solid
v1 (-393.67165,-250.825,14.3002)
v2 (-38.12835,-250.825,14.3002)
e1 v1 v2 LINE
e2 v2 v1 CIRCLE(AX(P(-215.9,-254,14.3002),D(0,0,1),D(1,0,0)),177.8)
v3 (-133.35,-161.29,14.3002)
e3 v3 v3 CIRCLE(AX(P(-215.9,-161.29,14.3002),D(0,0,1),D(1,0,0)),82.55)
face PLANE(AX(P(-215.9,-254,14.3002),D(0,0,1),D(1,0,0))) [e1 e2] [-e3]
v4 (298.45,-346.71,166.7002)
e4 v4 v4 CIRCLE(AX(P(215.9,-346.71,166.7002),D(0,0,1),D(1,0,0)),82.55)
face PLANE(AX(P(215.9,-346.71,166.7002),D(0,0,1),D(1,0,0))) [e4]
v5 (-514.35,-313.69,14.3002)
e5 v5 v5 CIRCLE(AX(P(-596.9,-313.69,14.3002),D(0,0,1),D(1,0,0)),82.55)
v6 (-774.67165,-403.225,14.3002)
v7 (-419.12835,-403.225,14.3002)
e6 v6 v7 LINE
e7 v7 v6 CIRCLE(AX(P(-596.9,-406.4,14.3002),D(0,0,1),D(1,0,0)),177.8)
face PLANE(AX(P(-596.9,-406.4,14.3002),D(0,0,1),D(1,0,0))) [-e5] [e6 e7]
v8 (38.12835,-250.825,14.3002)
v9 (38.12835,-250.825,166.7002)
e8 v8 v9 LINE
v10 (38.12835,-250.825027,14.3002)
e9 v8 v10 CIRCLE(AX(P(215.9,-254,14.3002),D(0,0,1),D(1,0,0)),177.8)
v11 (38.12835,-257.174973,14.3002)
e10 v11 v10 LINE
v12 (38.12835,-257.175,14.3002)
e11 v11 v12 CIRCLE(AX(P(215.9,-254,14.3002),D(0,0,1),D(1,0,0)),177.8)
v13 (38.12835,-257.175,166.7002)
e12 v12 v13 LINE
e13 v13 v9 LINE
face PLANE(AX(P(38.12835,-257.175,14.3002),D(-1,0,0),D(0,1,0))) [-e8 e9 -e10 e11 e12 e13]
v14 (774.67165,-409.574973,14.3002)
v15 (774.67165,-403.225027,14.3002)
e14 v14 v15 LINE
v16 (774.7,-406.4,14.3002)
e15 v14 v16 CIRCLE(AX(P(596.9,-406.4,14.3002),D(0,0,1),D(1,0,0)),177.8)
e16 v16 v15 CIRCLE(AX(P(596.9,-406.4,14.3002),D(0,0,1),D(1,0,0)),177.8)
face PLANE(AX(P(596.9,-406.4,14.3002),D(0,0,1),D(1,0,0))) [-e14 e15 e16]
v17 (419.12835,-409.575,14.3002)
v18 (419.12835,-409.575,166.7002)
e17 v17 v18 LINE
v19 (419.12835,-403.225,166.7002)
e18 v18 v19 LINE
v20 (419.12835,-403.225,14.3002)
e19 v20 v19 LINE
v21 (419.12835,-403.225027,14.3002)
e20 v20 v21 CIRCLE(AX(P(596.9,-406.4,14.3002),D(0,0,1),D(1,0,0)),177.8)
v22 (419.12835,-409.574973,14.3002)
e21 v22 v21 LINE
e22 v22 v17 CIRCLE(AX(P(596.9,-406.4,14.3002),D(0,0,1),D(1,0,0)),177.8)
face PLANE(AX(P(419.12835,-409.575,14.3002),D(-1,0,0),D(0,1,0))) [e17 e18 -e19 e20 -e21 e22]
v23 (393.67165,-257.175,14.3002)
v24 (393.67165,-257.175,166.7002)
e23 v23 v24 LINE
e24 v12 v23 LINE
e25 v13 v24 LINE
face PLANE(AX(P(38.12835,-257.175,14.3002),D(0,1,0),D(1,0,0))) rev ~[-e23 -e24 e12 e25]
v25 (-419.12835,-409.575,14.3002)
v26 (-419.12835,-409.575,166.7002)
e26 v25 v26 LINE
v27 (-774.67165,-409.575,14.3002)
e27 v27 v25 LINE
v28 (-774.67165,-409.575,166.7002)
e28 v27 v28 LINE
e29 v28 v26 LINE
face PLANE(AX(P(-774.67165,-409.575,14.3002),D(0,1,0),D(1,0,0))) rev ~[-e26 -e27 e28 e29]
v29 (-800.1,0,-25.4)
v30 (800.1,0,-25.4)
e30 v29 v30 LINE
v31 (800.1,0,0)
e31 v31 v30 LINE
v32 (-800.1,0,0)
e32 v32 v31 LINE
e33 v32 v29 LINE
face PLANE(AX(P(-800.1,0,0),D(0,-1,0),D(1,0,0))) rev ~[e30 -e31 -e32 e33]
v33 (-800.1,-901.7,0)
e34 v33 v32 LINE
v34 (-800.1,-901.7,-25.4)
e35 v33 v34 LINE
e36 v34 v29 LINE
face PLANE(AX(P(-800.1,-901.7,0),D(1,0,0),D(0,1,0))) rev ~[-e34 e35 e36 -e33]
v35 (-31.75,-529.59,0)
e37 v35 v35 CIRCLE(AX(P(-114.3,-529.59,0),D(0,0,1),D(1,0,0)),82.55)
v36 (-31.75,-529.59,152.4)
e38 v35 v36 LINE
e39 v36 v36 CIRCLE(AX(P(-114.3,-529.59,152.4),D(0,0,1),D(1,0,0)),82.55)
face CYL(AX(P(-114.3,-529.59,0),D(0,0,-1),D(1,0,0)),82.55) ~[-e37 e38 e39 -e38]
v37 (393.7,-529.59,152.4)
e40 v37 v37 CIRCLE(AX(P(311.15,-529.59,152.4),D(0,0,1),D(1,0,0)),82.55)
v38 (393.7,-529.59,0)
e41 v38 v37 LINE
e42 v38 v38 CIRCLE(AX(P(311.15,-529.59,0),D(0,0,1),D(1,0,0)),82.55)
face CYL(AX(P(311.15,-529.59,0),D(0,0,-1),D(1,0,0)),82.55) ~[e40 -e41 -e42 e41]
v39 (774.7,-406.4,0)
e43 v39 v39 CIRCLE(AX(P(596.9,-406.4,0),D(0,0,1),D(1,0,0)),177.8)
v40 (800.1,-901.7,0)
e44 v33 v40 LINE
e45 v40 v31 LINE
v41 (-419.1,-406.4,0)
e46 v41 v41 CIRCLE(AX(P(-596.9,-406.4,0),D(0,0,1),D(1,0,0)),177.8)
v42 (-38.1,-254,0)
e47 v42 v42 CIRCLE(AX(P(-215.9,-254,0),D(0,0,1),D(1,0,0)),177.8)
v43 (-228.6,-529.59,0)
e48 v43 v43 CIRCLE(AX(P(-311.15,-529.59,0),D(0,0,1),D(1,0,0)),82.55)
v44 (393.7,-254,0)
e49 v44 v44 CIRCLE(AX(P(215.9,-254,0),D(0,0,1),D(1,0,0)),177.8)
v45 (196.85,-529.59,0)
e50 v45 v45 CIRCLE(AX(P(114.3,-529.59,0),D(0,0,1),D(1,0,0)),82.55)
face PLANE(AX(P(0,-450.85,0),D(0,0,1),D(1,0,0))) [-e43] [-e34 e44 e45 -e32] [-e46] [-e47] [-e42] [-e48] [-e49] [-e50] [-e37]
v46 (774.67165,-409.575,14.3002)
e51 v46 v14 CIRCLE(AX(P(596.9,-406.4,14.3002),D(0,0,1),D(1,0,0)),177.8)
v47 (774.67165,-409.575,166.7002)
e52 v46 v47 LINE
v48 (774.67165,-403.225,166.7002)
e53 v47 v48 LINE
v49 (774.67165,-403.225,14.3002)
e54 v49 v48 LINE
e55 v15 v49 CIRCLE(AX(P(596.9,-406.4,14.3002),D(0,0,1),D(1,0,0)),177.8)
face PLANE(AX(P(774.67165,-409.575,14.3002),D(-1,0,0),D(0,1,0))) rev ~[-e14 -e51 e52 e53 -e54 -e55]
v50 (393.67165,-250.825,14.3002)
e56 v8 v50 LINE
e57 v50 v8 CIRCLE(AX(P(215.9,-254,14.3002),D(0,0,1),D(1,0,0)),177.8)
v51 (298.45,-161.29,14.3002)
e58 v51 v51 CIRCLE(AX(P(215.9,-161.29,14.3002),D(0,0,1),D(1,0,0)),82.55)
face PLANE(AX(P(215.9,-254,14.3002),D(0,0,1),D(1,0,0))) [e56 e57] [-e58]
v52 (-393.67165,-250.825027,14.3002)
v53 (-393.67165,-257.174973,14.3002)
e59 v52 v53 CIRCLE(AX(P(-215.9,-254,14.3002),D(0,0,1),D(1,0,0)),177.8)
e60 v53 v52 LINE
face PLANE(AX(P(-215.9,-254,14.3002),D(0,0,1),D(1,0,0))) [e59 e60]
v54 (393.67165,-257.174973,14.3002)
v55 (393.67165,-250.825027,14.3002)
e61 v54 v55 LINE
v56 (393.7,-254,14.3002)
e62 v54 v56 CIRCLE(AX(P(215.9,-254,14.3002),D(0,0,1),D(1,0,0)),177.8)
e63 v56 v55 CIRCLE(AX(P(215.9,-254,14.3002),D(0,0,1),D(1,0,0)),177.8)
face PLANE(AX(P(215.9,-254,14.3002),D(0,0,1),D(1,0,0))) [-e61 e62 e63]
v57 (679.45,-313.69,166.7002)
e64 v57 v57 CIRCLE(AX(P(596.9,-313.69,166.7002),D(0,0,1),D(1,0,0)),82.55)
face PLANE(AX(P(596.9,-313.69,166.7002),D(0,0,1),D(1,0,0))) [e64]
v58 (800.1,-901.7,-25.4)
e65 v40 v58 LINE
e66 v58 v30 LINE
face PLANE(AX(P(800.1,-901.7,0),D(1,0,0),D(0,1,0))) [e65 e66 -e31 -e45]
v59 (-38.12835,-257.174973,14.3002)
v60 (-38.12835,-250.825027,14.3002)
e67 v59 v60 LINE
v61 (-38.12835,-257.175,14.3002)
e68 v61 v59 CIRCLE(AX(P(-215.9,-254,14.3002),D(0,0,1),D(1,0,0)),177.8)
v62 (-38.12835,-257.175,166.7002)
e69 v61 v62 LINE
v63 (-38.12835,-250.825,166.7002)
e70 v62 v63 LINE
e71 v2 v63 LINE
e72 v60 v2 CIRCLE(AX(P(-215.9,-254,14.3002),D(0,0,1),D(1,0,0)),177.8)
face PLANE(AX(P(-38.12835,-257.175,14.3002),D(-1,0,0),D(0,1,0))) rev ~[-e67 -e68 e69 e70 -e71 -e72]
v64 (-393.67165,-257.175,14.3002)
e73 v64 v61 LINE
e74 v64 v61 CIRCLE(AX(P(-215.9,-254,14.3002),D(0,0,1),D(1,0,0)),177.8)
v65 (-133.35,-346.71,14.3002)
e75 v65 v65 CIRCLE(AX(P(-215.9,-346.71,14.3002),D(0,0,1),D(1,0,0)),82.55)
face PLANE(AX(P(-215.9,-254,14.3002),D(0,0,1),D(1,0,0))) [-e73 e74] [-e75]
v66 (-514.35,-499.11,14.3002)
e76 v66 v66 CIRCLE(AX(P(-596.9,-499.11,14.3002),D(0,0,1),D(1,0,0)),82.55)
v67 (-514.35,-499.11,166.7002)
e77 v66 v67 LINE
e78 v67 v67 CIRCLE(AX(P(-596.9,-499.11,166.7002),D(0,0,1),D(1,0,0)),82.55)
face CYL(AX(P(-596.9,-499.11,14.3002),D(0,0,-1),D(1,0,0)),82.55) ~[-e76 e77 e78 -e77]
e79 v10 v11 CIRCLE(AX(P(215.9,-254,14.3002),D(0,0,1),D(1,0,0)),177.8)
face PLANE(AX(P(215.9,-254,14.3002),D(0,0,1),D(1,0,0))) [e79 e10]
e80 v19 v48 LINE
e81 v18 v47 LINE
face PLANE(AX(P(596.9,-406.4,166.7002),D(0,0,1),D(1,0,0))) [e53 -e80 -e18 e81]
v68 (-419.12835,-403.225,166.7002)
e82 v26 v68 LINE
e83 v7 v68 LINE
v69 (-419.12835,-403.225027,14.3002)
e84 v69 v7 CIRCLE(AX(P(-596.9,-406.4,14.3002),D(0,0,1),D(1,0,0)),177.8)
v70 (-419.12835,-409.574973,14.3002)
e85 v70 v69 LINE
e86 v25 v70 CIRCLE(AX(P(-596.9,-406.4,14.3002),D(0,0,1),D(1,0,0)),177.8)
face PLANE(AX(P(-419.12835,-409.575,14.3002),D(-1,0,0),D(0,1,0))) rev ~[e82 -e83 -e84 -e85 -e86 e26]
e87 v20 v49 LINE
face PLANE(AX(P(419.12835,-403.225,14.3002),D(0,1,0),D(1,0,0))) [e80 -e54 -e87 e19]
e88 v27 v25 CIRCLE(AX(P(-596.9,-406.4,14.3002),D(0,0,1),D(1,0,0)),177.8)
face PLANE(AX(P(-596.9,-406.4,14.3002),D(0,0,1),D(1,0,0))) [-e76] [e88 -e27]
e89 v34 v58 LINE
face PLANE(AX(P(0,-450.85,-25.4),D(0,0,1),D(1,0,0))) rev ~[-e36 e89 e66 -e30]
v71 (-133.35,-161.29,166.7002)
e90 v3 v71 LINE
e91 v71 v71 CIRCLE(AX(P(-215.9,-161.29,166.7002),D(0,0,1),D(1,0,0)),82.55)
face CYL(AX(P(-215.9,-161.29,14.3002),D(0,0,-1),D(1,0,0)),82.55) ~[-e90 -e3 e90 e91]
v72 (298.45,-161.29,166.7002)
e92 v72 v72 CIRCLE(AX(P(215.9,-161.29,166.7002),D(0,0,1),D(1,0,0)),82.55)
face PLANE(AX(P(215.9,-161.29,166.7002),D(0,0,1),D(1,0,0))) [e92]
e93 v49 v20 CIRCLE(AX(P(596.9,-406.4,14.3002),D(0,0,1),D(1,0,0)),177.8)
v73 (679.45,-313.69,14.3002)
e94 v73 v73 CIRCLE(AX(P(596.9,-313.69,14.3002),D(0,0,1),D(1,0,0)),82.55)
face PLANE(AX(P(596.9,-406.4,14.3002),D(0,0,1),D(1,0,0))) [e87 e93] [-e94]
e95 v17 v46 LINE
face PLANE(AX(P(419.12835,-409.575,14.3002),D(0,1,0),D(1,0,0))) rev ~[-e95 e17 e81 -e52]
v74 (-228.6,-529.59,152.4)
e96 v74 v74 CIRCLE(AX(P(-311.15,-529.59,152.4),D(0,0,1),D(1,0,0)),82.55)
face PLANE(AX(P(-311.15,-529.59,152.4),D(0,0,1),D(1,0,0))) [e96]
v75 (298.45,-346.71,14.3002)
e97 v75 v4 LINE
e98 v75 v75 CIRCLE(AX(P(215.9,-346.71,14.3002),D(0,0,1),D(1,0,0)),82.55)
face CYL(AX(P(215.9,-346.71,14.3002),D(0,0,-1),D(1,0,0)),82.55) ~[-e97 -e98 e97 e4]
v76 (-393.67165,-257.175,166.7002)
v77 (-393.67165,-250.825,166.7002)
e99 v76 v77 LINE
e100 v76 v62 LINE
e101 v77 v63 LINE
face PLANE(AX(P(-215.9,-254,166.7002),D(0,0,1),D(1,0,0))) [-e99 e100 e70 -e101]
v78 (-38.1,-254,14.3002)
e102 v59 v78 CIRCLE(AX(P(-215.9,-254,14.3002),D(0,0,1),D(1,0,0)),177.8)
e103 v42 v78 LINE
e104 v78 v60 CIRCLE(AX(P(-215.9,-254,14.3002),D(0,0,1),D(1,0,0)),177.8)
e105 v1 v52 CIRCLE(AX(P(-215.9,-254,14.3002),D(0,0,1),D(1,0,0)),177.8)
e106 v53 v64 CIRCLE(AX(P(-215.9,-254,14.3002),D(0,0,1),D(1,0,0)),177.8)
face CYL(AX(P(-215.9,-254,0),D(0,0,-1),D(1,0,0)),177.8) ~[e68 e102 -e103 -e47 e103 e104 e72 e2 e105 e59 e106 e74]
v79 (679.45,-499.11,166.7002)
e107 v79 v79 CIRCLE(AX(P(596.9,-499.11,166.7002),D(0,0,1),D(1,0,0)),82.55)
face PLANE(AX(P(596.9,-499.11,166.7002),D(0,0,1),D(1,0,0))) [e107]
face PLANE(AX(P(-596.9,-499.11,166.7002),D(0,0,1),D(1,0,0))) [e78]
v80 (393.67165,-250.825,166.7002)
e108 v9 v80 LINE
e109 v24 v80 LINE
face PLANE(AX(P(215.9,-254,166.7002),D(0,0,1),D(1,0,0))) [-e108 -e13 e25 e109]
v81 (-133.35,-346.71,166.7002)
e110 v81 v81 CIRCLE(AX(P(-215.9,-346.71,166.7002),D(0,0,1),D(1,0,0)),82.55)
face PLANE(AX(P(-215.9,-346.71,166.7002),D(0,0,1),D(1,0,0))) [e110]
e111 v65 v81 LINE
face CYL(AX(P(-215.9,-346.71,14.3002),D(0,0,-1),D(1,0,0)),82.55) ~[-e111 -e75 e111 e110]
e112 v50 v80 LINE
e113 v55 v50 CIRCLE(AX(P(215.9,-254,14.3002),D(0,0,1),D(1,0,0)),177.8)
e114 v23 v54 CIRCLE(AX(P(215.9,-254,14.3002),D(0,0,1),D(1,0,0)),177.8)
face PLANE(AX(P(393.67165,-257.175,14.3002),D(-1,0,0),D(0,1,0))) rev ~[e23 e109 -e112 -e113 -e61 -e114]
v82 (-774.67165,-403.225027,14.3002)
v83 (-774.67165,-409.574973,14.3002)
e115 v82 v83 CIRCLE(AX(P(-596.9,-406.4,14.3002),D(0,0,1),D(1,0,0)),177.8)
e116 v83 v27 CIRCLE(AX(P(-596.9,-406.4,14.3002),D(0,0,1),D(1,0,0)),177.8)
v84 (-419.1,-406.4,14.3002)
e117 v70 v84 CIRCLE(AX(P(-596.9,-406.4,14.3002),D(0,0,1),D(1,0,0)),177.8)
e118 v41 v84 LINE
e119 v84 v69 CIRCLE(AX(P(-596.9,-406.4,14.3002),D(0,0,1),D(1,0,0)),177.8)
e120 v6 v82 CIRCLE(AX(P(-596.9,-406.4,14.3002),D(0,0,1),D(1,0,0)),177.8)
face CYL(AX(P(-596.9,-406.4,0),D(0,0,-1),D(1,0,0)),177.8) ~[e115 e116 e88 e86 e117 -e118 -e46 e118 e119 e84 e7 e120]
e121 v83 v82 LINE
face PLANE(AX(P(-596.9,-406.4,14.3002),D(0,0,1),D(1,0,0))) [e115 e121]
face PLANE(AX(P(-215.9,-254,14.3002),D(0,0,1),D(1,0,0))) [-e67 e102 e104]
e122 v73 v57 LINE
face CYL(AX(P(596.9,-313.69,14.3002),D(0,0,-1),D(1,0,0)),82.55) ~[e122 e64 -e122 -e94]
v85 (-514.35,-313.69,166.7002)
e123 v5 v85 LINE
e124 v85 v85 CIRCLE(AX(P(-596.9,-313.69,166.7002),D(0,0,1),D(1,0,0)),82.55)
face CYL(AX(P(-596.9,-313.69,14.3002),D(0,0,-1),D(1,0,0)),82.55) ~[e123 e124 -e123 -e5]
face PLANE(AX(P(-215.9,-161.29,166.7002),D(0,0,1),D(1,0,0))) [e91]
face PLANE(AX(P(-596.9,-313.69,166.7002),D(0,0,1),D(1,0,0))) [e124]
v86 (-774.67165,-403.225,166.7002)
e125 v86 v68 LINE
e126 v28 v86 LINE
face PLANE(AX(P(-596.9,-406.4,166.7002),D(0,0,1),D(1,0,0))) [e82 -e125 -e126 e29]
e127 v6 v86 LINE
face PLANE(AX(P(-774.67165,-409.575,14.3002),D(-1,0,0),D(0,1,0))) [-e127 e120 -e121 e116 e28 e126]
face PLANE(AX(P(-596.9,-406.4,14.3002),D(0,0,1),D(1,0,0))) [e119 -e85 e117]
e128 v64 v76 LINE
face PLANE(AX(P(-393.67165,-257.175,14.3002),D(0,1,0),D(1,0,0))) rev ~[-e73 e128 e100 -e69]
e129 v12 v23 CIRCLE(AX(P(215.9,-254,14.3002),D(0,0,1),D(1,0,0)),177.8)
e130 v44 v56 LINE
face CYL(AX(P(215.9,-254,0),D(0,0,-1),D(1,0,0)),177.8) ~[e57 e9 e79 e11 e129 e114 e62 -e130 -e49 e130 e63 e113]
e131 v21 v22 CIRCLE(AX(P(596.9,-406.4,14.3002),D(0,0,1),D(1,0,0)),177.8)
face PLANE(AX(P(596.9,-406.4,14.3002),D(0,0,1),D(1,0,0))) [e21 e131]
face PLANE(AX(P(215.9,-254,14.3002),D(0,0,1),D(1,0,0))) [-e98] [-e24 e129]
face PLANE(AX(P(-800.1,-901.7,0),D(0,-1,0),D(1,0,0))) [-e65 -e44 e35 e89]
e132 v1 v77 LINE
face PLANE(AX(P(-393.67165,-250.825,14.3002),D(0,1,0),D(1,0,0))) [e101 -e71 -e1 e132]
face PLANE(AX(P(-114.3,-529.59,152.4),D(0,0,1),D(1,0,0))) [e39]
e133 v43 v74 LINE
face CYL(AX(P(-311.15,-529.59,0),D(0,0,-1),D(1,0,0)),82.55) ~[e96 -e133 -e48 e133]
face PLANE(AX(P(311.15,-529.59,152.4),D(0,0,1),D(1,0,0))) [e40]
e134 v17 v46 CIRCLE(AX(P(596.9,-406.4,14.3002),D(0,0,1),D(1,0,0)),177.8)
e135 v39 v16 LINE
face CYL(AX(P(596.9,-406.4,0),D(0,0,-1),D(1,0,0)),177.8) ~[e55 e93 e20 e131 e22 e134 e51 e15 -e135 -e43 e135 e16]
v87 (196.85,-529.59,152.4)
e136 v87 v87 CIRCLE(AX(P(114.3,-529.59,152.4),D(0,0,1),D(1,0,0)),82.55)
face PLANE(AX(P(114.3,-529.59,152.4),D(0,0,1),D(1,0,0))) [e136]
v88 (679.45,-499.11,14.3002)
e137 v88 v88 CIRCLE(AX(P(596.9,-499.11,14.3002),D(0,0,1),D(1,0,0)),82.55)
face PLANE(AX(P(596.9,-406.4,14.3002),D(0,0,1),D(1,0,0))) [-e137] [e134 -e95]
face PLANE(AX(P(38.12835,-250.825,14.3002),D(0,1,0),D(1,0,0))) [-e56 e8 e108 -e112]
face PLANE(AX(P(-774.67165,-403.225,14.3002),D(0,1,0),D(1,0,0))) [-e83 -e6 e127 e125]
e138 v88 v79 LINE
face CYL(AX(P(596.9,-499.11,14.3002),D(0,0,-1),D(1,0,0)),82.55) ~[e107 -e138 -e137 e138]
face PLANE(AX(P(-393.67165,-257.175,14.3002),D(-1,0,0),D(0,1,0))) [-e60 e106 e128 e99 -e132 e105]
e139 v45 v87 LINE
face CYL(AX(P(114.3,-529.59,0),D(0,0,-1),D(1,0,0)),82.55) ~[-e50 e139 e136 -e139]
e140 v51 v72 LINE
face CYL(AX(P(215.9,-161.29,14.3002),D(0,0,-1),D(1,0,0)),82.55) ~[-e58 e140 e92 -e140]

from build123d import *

# Parameters (mm, degrees)
F0_W     = 1600.2
F0_H     = 901.7
F1_DEPTH = 25.4
F2_R     = 177.8
F3_DEPTH = 14.3002
F4_W     = 355.5433
F4_H     = 6.35
F4_R     = 82.55
F5_DEPTH = 152.4
F6_R     = 82.55
F7_DEPTH = 152.4


with BuildPart() as f1:
    # F0 (on Top) → F1 (new body)
    with BuildSketch(Plane.XY):
        with Locations((0, -450.85)):
            Rectangle(F0_W, F0_H)
    extrude(amount=-F1_DEPTH)

    # F2 (on face) → F3 (join)
    with BuildSketch(Plane.XY):
        with Locations((-596.9, -406.4)):
            Circle(F2_R)
        with Locations((-215.9, -254)):
            Circle(F2_R)
        with Locations((215.9, -254)):
            Circle(F2_R)
        with Locations((596.9, -406.4)):
            Circle(F2_R)
    extrude(amount=F3_DEPTH)

    # F4 (on face) → F5 (join)
    with BuildSketch(Plane.XY.offset(14.3002)):
        with Locations((-596.9, -406.4)):
            Rectangle(F4_W, F4_H)
        with Locations((-215.9, -254)):
            Rectangle(F4_W, F4_H)
        with Locations((215.9, -254)):
            Rectangle(F4_W, F4_H)
        with Locations((596.9, -406.4)):
            Rectangle(F4_W, F4_H)
        with Locations((-596.9, -499.11)):
            Circle(F4_R)
        with Locations((-596.9, -313.69)):
            Circle(F4_R)
        with Locations((-215.9, -161.29)):
            Circle(F4_R)
        with Locations((-215.9, -346.71)):
            Circle(F4_R)
        with Locations((215.9, -346.71)):
            Circle(F4_R)
        with Locations((215.9, -161.29)):
            Circle(F4_R)
        with Locations((596.9, -313.69)):
            Circle(F4_R)
        with Locations((596.9, -499.11)):
            Circle(F4_R)
    extrude(amount=F5_DEPTH)

    # F6 (on face) → F7 (join)
    with BuildSketch(Plane.XY):
        with Locations((-311.15, -529.59)):
            Circle(F6_R)
        with Locations((-114.3, -529.59)):
            Circle(F6_R)
        with Locations((114.3, -529.59)):
            Circle(F6_R)
        with Locations((311.15, -529.59)):
            Circle(F6_R)
    extrude(amount=F7_DEPTH)


solid = f1.part
